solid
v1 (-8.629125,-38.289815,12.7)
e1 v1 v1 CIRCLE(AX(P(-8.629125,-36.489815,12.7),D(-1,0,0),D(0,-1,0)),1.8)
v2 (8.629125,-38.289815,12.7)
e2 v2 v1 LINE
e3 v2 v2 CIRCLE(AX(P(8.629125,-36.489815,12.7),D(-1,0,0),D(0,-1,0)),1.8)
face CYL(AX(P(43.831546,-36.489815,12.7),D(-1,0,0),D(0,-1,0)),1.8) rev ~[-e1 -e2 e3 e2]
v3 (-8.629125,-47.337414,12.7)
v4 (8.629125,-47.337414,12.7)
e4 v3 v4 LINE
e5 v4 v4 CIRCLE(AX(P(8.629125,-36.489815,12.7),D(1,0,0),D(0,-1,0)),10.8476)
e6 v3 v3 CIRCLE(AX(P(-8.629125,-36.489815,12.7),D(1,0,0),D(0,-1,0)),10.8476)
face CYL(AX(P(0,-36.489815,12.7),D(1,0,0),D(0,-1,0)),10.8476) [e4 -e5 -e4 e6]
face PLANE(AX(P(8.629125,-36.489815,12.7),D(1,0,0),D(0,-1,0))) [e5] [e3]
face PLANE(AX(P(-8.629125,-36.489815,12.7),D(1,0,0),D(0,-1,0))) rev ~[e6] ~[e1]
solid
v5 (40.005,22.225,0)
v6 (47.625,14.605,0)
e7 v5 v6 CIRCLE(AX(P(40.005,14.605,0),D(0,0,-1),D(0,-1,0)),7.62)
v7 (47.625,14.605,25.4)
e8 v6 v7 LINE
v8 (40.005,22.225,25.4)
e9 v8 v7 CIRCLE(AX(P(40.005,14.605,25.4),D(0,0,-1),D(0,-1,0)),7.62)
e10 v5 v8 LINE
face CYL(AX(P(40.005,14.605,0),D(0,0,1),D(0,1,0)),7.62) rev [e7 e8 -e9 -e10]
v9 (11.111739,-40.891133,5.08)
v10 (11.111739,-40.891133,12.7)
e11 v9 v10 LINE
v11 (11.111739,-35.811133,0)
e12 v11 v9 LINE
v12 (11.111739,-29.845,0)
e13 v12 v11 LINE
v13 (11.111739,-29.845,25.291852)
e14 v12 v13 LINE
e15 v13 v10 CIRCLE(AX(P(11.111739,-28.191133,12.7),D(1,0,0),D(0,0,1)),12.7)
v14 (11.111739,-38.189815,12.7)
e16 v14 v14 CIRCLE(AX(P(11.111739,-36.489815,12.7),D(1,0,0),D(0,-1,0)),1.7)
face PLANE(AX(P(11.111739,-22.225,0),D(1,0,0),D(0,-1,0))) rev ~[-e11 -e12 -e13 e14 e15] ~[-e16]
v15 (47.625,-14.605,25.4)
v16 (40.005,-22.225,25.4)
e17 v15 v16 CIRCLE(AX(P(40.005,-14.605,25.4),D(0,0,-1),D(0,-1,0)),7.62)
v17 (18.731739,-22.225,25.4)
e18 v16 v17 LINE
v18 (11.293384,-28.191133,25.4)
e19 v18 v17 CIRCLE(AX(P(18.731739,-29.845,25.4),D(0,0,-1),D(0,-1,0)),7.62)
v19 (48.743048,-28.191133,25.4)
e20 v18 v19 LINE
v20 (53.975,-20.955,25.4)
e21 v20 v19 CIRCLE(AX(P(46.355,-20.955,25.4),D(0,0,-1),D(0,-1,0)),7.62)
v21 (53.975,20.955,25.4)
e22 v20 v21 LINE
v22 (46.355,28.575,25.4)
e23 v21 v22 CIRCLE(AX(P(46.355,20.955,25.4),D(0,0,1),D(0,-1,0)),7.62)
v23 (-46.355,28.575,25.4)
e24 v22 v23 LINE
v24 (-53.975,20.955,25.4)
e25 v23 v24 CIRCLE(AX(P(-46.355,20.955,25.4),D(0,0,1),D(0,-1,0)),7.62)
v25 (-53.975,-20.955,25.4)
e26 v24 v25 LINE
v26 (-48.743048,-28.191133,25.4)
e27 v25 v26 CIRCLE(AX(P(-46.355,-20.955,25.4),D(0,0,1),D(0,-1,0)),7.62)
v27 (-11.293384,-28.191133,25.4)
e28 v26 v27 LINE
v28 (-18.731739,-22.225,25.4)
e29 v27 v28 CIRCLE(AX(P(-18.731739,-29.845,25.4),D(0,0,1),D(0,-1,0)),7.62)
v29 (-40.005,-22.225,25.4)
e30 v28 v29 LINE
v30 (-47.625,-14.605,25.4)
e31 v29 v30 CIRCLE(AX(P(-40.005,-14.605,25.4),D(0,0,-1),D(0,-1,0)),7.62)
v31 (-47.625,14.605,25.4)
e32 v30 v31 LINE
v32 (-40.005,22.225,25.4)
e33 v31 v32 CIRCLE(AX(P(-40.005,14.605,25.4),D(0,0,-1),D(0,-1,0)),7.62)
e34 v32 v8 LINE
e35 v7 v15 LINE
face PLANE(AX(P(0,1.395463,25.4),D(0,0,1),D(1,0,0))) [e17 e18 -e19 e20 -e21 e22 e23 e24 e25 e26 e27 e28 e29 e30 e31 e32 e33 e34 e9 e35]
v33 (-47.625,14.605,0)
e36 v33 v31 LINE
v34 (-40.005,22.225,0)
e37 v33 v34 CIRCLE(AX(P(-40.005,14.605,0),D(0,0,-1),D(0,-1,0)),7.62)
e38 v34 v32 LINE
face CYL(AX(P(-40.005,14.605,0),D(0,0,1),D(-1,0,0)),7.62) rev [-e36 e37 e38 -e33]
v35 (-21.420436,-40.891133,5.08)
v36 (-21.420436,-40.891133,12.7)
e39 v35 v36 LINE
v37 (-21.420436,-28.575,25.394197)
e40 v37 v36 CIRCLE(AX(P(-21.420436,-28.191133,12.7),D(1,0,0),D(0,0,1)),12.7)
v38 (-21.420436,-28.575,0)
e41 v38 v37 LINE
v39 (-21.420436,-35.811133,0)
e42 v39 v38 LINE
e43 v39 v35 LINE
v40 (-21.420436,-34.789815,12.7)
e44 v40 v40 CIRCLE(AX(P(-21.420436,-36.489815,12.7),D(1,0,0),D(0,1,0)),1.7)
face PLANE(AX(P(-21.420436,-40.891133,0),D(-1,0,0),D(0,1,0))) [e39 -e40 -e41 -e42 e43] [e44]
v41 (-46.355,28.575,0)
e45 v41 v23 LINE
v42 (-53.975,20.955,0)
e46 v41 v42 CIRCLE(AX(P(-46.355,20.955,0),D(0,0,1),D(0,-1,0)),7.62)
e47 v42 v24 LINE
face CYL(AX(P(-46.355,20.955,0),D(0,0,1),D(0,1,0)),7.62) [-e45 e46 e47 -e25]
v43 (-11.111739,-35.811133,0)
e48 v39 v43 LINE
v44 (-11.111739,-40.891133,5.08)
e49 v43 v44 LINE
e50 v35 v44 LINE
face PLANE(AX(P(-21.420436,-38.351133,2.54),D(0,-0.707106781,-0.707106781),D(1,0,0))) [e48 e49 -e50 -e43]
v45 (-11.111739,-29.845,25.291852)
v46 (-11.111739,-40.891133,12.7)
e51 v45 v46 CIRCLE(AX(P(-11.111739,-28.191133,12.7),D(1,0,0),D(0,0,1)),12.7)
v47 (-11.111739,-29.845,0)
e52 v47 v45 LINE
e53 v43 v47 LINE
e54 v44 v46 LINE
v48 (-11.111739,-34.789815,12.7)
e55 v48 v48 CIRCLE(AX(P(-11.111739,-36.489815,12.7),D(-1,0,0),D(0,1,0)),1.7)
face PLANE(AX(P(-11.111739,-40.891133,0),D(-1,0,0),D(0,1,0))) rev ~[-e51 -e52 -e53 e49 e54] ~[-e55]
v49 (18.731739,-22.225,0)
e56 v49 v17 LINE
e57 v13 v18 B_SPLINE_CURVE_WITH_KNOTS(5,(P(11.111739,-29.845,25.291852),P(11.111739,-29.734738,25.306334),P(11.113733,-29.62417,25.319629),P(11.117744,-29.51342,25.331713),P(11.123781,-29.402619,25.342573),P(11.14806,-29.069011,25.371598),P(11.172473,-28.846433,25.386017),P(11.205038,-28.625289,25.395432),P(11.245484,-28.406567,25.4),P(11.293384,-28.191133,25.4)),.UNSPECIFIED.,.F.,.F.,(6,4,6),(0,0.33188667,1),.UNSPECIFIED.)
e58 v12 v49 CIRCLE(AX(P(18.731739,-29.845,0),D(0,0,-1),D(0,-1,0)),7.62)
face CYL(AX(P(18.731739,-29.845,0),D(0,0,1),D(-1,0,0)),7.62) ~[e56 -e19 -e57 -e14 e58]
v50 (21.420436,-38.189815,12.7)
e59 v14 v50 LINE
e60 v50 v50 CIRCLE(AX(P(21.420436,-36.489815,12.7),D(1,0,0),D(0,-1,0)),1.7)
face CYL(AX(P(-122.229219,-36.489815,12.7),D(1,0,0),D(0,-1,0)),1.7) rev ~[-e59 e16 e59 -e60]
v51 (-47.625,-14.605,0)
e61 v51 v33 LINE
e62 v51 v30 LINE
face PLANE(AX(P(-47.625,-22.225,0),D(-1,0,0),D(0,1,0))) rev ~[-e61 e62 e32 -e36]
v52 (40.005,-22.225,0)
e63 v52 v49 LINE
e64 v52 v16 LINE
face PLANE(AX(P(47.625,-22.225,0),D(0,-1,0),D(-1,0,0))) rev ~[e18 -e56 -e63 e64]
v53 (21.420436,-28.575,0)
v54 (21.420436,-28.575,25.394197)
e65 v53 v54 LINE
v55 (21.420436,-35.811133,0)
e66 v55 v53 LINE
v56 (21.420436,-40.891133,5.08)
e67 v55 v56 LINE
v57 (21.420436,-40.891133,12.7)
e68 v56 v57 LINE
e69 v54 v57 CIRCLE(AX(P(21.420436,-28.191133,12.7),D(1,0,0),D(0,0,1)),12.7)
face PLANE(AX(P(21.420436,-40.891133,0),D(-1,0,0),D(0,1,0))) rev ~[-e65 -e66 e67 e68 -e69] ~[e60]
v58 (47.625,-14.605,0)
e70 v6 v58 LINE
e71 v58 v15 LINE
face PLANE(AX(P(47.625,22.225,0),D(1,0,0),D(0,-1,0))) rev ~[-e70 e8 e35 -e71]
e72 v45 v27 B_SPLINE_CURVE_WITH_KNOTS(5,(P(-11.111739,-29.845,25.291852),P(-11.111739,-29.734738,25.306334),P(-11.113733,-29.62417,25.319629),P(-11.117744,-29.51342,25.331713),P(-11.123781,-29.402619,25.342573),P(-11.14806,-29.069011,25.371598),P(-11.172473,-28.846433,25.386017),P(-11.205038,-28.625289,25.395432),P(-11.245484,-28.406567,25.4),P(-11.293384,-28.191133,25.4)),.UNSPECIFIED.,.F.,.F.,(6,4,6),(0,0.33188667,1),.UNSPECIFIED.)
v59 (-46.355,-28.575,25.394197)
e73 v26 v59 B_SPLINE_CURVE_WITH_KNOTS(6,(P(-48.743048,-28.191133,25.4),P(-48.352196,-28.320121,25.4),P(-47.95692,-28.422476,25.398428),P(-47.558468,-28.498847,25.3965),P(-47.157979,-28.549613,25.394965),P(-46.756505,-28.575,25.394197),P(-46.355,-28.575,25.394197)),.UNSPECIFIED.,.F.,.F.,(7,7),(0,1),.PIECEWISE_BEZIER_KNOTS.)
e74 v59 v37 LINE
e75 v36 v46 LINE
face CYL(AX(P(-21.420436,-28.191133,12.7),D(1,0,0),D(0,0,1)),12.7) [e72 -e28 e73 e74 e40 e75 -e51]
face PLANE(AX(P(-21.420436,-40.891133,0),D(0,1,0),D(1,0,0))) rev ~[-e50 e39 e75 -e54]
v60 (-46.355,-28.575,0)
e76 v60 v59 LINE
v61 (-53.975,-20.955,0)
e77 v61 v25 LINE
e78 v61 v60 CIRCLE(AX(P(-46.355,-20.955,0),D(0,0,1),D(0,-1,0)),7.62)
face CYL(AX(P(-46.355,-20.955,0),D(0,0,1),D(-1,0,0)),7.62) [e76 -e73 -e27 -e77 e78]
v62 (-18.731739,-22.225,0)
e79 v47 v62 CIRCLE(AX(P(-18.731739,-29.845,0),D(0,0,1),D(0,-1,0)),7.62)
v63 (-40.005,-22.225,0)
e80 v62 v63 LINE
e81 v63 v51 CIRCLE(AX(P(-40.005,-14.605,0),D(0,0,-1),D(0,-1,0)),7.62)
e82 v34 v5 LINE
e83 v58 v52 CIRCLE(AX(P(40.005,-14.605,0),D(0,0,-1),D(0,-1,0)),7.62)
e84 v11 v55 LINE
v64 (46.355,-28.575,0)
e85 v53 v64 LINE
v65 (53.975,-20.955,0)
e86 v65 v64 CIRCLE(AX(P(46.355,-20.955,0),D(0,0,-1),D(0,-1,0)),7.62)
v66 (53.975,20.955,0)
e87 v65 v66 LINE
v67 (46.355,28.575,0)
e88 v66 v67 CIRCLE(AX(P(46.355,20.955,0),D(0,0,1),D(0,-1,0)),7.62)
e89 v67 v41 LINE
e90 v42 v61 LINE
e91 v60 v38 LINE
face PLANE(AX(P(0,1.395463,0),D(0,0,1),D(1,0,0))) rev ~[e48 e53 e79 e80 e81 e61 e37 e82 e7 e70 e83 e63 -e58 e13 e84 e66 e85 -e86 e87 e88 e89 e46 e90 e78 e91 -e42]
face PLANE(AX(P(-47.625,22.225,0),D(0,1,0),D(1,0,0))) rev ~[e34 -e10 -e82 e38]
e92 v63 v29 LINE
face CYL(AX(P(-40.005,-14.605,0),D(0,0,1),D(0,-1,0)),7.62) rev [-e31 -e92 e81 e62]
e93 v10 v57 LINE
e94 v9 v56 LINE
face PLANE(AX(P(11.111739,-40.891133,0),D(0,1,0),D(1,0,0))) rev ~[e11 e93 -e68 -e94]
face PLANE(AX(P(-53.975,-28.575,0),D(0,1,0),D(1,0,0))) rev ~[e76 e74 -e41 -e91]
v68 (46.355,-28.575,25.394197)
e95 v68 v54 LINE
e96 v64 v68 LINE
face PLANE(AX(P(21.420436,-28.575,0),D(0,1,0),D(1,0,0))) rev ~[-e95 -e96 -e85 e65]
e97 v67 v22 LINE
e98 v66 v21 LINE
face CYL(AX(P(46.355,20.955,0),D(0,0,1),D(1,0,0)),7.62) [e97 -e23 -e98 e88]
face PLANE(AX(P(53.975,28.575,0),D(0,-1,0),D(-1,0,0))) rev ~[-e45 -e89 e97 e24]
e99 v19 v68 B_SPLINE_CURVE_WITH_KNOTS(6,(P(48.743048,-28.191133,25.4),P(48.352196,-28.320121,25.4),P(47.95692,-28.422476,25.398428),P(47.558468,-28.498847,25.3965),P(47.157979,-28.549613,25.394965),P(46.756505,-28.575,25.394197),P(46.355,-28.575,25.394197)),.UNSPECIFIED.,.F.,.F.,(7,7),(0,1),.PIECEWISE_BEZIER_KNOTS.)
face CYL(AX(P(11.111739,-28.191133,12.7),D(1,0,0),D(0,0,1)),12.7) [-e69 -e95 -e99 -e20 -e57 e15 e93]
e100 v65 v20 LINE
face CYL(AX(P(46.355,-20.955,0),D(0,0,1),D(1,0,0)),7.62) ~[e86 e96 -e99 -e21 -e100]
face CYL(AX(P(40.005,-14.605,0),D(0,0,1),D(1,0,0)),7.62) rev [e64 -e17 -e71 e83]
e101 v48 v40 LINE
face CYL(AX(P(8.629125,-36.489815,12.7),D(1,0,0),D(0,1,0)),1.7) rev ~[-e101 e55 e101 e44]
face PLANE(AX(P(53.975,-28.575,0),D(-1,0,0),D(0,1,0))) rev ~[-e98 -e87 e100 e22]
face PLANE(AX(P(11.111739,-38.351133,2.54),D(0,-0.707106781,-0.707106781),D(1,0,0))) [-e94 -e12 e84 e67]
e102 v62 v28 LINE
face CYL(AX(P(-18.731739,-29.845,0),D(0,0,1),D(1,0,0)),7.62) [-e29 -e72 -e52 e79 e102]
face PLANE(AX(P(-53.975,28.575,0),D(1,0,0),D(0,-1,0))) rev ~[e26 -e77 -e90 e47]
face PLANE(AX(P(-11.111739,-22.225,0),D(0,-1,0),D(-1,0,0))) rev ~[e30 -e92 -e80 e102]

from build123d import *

# Parameters (mm, degrees)
F0_W     = 10.3086968884
F0_H     = 12.3161332488
F1_DEPTH = 25.4
F0_W_2   = 17.2582492232
F0_H_2   = 10.8475995182
F5_D     = 3.6
F6_D     = 3.4
F6_DEPTH = 62.6051246116
F7_D     = 3.4
F8_R     = 12.7
F9_R     = 7.62
F10_SIZE = 5.08


with BuildPart() as f1:
    # F0 (on Top) → F1 (new body)
    with BuildSketch(Plane.XY):
        Polygon((21.42043598, -28.575), (53.975, -28.575), (53.975, 28.575), (-53.975, 28.575), (-53.975, -28.575), (-21.42043598, -28.575), (-11.1117390916, -28.575), (-11.1117390916, -22.225), (-47.625, -22.225), (-47.625, 22.225), (47.625, 22.225), (47.625, -22.225), (11.1117390916, -22.225), (11.1117390916, -28.575), align=None)
        with Locations((-16.2660875358, -34.7330666244)):
            Rectangle(F0_W, F0_H)
        with Locations((16.2660875358, -34.7330666244)):
            Rectangle(F0_W, F0_H)
    extrude(amount=F1_DEPTH)

    # F6 (through all, one way)
    with BuildSketch(Plane.YZ.offset(8.6291246116)):
        with Locations((-36.4898145199, 12.7)):
            Circle(F6_D / 2)
    extrude(amount=-F6_DEPTH, mode=Mode.SUBTRACT)

    # F7 (through all)
    with Locations(Plane(origin=(8.6291246116, 0, 0), x_dir=(0, 1, 0), z_dir=(-1, 0, 0))):
        with Locations((-36.4898145199, -12.7)):
            Hole(F7_D / 2)

    # F8
    f8_edges = [f1.edges().sort_by_distance(p)[0] for p in [
        (16.266088, -40.891133, 25.4),
        (-16.266088, -40.891133, 25.4),
    ]]
    fillet(f8_edges, radius=F8_R)

    # F9
    f9_edges = [f1.edges().sort_by_distance(p)[0] for p in [
        (-53.975, -28.575, 12.697099),
        (-53.975, 28.575, 12.7),
        (47.625, 22.225, 12.7),
        (53.975, 28.575, 12.7),
        (53.975, -28.575, 12.697099),
        (47.625, -22.225, 12.7),
        (-47.625, -22.225, 12.7),
        (-47.625, 22.225, 12.7),
        (-11.111739, -22.225, 12.7),
        (11.111739, -22.225, 12.7),
    ]]
    fillet(f9_edges, radius=F9_R)

    # F10
    f10_edges = [f1.edges().sort_by_distance(p)[0] for p in [
        (-16.266088, -40.891133, 0),
        (16.266088, -40.891133, 0),
    ]]
    chamfer(f10_edges, length=F10_SIZE)


with BuildPart() as f2:
    # F0 (on Top) → F2 (revolve)
    with BuildSketch(Plane.XY):
        with Locations((0, -41.913614279)):
            Rectangle(F0_W_2, F0_H_2)
    revolve(axis=Axis((0, -36.4898145199, 0), (1, 0, 0)))


with BuildPart() as f2_1:
    # F3: moved
    add(f2.part.moved(Location((0, 0, 12.7))))

    # F5 (through all)
    with Locations(Plane.YZ.offset(8.6291246116)):
        with Locations((-36.4898145199, 12.7)):
            Hole(F5_D / 2)


solid = Compound([f1.part, f2_1.part])
